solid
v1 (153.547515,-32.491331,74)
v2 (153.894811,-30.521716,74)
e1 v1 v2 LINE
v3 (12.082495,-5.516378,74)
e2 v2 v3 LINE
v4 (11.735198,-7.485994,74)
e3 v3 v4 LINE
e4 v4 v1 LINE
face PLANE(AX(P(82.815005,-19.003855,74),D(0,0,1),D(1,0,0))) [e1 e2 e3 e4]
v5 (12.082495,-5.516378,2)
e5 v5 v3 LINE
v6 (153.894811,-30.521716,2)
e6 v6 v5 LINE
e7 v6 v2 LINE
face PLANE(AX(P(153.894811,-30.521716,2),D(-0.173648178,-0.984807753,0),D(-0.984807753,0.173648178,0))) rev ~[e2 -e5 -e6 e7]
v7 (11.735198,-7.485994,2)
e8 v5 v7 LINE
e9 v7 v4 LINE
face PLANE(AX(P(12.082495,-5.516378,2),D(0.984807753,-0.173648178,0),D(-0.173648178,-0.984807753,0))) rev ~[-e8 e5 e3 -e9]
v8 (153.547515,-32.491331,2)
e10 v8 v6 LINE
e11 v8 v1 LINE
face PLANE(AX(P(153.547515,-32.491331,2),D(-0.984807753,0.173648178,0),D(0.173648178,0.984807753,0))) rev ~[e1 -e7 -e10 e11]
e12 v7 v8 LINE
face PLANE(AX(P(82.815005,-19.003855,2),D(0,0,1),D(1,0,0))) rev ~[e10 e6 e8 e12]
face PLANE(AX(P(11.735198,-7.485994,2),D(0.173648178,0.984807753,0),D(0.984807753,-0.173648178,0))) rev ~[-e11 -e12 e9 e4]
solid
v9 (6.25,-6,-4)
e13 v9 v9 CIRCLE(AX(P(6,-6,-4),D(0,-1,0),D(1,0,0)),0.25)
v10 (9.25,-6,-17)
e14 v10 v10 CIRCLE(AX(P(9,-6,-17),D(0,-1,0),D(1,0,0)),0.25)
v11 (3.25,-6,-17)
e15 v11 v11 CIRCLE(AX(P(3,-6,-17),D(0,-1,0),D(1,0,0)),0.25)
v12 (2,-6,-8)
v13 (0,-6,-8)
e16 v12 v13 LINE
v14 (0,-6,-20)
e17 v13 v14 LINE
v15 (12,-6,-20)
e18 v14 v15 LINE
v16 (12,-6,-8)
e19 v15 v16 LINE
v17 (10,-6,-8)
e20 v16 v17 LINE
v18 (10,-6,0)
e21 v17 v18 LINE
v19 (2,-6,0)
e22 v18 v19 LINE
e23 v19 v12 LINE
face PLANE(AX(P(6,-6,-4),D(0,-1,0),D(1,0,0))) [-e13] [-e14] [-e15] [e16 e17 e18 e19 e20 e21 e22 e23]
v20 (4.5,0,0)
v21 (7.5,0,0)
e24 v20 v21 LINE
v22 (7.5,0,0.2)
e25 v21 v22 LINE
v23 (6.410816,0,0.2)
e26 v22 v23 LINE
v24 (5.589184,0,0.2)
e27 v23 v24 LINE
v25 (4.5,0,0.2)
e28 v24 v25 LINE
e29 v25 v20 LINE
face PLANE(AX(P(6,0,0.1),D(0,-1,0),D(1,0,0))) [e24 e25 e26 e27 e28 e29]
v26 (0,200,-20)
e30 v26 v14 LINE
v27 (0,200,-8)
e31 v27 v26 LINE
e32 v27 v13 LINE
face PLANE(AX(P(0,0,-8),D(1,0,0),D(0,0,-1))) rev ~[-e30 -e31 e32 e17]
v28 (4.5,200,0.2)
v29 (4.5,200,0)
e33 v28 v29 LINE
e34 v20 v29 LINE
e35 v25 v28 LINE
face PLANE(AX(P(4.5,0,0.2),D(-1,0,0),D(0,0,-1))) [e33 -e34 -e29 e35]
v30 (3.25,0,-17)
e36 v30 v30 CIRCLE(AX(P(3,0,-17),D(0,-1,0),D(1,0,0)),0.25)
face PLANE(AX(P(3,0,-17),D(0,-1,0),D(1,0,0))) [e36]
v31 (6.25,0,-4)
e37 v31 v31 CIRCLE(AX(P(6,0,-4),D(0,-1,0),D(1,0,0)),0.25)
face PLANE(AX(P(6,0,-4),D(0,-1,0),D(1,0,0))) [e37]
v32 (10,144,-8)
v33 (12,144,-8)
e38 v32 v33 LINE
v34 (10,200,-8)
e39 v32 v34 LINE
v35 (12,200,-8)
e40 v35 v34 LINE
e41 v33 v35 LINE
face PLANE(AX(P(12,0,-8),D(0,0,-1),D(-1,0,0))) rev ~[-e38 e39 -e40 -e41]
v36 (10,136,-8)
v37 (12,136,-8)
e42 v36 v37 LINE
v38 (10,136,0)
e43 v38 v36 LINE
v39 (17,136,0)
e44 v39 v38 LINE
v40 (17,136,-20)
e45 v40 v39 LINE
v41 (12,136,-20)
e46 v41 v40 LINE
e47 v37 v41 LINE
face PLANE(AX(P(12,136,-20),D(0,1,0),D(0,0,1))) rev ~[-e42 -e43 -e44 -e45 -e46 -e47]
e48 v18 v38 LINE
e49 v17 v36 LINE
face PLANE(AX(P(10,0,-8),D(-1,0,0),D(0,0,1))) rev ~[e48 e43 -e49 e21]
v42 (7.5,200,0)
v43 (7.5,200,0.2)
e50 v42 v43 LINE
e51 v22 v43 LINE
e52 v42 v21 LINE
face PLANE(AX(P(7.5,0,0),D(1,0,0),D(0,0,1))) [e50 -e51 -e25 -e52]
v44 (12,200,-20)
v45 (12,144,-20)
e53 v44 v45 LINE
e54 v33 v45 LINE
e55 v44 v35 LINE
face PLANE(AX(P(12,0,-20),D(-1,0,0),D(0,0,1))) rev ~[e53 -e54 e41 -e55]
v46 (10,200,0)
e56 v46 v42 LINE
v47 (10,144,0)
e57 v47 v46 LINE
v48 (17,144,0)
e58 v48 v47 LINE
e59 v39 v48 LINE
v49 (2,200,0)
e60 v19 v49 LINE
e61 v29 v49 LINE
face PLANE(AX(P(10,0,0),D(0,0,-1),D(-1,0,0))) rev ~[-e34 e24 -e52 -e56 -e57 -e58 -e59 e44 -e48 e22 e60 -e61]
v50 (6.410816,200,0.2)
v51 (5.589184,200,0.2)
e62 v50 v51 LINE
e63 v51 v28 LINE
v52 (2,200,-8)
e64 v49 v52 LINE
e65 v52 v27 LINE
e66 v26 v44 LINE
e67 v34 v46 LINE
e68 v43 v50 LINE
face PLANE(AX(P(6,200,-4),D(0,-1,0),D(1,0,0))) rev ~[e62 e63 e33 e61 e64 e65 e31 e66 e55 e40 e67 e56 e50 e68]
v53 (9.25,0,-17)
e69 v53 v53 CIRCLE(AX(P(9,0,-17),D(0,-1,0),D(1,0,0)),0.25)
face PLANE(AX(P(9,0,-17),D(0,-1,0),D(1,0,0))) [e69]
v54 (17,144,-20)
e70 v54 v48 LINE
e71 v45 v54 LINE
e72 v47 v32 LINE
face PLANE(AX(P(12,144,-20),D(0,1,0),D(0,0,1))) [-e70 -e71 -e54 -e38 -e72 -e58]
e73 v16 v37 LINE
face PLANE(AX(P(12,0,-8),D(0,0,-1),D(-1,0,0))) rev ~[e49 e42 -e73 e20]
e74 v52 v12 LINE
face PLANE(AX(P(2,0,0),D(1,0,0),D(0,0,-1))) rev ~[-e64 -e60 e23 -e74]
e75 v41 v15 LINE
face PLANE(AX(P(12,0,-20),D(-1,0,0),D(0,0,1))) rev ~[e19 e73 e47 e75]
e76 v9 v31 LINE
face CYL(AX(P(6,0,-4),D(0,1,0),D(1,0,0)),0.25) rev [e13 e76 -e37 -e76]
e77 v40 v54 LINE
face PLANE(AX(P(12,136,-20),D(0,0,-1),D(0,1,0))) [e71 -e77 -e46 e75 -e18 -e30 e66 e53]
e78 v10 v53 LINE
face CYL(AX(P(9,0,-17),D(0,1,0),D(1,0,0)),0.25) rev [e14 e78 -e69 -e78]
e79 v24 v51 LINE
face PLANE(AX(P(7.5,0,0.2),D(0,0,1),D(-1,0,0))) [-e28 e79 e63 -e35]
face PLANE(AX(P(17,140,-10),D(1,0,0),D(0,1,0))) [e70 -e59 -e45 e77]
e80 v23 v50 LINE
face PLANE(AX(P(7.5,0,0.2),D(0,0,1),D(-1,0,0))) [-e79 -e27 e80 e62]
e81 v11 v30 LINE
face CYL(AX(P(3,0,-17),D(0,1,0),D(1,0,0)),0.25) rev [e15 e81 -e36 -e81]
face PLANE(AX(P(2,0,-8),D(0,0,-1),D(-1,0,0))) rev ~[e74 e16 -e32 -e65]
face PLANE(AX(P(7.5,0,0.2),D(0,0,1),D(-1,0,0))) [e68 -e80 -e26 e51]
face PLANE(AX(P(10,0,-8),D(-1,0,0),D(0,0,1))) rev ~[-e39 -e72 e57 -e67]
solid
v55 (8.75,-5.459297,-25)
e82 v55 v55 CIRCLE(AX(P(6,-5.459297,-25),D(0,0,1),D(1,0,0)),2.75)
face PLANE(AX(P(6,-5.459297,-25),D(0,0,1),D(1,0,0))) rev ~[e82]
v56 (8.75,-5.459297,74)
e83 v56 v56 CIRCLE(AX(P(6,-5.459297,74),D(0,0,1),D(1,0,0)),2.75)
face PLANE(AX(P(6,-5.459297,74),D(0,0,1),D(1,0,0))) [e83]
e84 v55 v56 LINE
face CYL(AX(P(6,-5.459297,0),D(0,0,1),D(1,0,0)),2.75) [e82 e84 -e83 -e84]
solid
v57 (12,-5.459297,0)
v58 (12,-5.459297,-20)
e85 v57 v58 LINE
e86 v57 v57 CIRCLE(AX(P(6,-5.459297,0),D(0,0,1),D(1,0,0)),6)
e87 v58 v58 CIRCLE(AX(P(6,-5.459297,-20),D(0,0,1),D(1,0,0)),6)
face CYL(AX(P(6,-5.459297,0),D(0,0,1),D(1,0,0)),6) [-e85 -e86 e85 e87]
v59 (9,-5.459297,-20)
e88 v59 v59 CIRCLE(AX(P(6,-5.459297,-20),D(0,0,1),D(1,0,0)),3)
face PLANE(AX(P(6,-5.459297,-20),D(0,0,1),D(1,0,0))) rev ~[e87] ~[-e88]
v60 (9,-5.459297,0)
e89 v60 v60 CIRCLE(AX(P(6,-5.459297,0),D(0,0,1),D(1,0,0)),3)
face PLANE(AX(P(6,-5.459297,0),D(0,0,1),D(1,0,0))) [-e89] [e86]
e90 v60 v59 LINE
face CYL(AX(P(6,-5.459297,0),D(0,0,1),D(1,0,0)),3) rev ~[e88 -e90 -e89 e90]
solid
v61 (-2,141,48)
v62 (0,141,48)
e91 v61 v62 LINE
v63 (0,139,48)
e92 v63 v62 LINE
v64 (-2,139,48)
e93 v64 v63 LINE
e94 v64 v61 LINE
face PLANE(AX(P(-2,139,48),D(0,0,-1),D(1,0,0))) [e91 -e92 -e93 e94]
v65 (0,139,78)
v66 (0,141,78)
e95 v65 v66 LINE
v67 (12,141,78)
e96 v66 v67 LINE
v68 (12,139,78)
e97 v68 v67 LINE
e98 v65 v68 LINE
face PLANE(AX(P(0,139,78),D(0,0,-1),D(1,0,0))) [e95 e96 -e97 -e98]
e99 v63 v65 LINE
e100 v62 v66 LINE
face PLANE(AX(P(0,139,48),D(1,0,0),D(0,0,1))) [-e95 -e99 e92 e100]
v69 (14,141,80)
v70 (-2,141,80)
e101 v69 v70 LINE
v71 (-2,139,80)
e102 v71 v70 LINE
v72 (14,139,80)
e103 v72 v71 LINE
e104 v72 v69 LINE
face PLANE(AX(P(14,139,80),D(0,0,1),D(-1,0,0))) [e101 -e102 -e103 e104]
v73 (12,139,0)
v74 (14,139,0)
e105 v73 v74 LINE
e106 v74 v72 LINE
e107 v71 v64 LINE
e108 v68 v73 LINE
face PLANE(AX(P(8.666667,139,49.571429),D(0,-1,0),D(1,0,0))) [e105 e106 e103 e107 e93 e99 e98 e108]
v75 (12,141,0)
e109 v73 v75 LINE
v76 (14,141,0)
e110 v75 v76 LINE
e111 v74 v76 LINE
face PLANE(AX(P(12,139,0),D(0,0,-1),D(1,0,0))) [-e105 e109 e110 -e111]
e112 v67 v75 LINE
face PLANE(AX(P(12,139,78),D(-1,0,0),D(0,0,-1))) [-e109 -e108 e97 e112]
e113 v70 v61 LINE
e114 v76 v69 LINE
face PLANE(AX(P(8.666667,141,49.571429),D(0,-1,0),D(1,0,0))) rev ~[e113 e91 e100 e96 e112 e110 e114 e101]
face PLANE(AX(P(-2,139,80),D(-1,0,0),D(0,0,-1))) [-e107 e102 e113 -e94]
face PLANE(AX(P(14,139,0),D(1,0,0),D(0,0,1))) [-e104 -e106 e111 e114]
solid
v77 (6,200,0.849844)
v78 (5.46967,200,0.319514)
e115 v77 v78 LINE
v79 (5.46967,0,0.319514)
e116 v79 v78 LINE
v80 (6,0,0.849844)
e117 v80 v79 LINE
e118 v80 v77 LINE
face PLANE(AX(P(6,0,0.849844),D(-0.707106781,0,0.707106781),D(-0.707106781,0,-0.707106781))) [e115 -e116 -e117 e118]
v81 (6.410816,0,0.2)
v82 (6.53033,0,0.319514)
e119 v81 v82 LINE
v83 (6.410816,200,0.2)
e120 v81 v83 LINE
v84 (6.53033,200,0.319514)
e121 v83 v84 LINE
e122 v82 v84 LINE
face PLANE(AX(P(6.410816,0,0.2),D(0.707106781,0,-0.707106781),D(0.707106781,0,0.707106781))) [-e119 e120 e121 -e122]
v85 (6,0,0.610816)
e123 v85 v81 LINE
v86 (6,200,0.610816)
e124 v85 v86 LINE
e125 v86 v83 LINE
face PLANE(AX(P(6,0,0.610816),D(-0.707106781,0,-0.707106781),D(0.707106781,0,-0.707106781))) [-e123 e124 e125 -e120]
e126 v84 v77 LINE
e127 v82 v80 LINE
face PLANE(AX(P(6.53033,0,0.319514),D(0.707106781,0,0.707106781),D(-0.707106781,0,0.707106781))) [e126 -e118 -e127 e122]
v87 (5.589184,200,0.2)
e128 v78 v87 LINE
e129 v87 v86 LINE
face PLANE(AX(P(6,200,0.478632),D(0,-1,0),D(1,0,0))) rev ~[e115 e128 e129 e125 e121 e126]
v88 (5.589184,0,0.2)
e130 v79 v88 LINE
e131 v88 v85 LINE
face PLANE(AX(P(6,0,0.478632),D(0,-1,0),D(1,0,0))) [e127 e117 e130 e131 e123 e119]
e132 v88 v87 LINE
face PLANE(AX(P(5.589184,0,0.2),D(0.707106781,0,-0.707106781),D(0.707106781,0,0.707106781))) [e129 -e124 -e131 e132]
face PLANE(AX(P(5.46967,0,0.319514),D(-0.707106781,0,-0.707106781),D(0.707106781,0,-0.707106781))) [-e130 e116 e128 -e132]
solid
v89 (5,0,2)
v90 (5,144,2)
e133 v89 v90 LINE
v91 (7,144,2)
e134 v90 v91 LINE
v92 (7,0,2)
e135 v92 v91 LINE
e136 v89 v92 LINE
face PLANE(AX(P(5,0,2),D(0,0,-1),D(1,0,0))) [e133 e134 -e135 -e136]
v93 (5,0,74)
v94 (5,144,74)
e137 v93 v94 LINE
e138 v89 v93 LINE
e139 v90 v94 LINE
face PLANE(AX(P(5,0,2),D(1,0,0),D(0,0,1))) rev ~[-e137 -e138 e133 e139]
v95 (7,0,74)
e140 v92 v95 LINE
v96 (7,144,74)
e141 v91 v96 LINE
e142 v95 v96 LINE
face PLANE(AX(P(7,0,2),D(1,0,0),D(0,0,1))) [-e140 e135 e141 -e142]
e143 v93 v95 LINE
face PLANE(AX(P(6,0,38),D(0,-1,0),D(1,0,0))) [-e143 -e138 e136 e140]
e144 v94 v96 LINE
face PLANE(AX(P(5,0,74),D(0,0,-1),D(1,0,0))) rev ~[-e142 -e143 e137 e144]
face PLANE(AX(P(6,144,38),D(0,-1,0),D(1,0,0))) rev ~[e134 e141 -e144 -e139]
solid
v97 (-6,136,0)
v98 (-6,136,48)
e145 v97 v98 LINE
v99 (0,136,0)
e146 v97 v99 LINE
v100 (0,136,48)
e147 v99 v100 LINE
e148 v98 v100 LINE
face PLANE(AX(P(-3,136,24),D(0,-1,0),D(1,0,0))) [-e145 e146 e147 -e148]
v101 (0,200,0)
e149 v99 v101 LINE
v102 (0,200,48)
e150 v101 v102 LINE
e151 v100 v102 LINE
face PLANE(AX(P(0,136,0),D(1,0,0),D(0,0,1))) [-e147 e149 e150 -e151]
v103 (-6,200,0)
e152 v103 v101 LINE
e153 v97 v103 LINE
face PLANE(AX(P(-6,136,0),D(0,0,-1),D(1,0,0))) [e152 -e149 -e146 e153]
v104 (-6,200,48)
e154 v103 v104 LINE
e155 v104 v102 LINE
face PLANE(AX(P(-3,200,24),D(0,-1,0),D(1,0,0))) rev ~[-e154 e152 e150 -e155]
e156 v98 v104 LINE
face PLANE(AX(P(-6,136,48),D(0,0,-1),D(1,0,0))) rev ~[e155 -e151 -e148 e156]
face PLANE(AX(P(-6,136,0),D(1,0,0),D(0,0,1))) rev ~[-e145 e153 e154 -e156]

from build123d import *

# Parameters (mm, degrees)
F0_R           = 0.25
F1_DEPTH       = 200
F1_DEPTH_BACK  = 6
F2_DEPTH       = 200
F3_W           = 8
F3_H           = 20
F4_DEPTH       = 5
F5_R           = 6
F5_R_2         = 3
F6_DEPTH       = 20
F7_W           = 6
F7_H           = 48
F8_DEPTH       = 64
F10_START      = -3
F10_DEPTH      = 2
F11_W          = 2
F11_H          = 72
F12_DEPTH      = 144
F14_START      = 2
F14_DEPTH      = 72
F15_R          = 2.75
F16_DEPTH      = 74
F16_DEPTH_BACK = 25


with BuildPart() as f1:
    # F0 (on Front) → F1 (new body, two sides)
    with BuildSketch(Plane.XZ) as f1_sk:
        Polygon((4.5, 0), (2, 0), (2, -8), (10, -8), (10, 0), (7.5, 0), align=None)
        with Locations((6, -4)):
            Circle(F0_R, mode=Mode.SUBTRACT)
        Polygon((10, -8), (2, -8), (0, -8), (0, -20), (12, -20), (12, -8), align=None)
        with Locations((3, -17)):
            Circle(F0_R, mode=Mode.SUBTRACT)
        with Locations((9, -17)):
            Circle(F0_R, mode=Mode.SUBTRACT)
    extrude(amount=-F1_DEPTH)
    extrude(f1_sk.sketch, amount=F1_DEPTH_BACK)

    # F0 (on Front) → F2 (join)
    with BuildSketch(Plane.XZ):
        with Locations((3, -17)):
            Circle(F0_R)
        with Locations((9, -17)):
            Circle(F0_R)
        with Locations((6, -4)):
            Circle(F0_R)
        Polygon((4.5, 0.2), (4.5, 0), (7.5, 0), (7.5, 0.2), (6.4108157787, 0.2), (5.5891842213, 0.2), align=None)
    extrude(amount=-F2_DEPTH)

    # F0 (on Front) → F2, piece 2 (join)
    with BuildSketch(Plane.XZ):
        Polygon((5.4696699141, 0.3195143072), (5.5891842213, 0.2), (6, 0.6108157787), (6.4108157787, 0.2), (6.5303300859, 0.3195143072), (6, 0.8498443931), align=None)
    extrude(amount=-F2_DEPTH)

    # F3 (on face) → F4 (join, symmetric)
    with BuildSketch(Plane.YZ.offset(12)):
        with Locations((140, -10)):
            Rectangle(F3_W, F3_H)
    extrude(amount=F4_DEPTH, both=True)


with BuildPart() as f6:
    # F5 (on Top) → F6 (new body)
    with BuildSketch(Plane.XY):
        with Locations((6, -5.4592969827)):
            Circle(F5_R)
        with Locations((6, -5.4592969827)):
            Circle(F5_R_2, mode=Mode.SUBTRACT)
    extrude(amount=-F6_DEPTH)


with BuildPart() as f8:
    # F7 (on face) → F8 (new body)
    with BuildSketch(Plane.XZ.offset(-136)):
        with Locations((-3, 24)):
            Rectangle(F7_W, F7_H)
    extrude(amount=-F8_DEPTH)


with BuildPart() as f10:
    # F9 (on face) → F10 (new body)
    with BuildSketch(Plane.XZ.offset(-136).offset(F10_START)):
        Polygon((-2, 48), (0, 48), (0, 78), (12, 78), (12, 0), (14, 0), (14, 80), (-2, 80), align=None)
    extrude(amount=-F10_DEPTH)


with BuildPart() as f12:
    # F11 (on Front) → F12 (new body)
    with BuildSketch(Plane.XZ):
        with Locations((6, 38)):
            Rectangle(F11_W, F11_H)
    extrude(amount=-F12_DEPTH)


with BuildPart() as f14:
    # F13 (on Top) → F14 (new body)
    with BuildSketch(Plane.XY.offset(F14_START)):
        Polygon((153.8948111295, -30.5217158798), (12.0824946957, -5.5163782957), (11.7351983404, -7.4859938017), (153.5475147742, -32.4913313858), align=None)
    extrude(amount=F14_DEPTH)


with BuildPart() as f16:
    # F15 (on Top) → F16 (new body, two sides)
    with BuildSketch(Plane.XY) as f16_sk:
        with Locations((6, -5.4592969827)):
            Circle(F15_R)
    extrude(amount=F16_DEPTH)
    extrude(f16_sk.sketch, amount=-F16_DEPTH_BACK)


solid = Compound([f1.part, f6.part, f8.part, f10.part, f12.part, f14.part, f16.part])
